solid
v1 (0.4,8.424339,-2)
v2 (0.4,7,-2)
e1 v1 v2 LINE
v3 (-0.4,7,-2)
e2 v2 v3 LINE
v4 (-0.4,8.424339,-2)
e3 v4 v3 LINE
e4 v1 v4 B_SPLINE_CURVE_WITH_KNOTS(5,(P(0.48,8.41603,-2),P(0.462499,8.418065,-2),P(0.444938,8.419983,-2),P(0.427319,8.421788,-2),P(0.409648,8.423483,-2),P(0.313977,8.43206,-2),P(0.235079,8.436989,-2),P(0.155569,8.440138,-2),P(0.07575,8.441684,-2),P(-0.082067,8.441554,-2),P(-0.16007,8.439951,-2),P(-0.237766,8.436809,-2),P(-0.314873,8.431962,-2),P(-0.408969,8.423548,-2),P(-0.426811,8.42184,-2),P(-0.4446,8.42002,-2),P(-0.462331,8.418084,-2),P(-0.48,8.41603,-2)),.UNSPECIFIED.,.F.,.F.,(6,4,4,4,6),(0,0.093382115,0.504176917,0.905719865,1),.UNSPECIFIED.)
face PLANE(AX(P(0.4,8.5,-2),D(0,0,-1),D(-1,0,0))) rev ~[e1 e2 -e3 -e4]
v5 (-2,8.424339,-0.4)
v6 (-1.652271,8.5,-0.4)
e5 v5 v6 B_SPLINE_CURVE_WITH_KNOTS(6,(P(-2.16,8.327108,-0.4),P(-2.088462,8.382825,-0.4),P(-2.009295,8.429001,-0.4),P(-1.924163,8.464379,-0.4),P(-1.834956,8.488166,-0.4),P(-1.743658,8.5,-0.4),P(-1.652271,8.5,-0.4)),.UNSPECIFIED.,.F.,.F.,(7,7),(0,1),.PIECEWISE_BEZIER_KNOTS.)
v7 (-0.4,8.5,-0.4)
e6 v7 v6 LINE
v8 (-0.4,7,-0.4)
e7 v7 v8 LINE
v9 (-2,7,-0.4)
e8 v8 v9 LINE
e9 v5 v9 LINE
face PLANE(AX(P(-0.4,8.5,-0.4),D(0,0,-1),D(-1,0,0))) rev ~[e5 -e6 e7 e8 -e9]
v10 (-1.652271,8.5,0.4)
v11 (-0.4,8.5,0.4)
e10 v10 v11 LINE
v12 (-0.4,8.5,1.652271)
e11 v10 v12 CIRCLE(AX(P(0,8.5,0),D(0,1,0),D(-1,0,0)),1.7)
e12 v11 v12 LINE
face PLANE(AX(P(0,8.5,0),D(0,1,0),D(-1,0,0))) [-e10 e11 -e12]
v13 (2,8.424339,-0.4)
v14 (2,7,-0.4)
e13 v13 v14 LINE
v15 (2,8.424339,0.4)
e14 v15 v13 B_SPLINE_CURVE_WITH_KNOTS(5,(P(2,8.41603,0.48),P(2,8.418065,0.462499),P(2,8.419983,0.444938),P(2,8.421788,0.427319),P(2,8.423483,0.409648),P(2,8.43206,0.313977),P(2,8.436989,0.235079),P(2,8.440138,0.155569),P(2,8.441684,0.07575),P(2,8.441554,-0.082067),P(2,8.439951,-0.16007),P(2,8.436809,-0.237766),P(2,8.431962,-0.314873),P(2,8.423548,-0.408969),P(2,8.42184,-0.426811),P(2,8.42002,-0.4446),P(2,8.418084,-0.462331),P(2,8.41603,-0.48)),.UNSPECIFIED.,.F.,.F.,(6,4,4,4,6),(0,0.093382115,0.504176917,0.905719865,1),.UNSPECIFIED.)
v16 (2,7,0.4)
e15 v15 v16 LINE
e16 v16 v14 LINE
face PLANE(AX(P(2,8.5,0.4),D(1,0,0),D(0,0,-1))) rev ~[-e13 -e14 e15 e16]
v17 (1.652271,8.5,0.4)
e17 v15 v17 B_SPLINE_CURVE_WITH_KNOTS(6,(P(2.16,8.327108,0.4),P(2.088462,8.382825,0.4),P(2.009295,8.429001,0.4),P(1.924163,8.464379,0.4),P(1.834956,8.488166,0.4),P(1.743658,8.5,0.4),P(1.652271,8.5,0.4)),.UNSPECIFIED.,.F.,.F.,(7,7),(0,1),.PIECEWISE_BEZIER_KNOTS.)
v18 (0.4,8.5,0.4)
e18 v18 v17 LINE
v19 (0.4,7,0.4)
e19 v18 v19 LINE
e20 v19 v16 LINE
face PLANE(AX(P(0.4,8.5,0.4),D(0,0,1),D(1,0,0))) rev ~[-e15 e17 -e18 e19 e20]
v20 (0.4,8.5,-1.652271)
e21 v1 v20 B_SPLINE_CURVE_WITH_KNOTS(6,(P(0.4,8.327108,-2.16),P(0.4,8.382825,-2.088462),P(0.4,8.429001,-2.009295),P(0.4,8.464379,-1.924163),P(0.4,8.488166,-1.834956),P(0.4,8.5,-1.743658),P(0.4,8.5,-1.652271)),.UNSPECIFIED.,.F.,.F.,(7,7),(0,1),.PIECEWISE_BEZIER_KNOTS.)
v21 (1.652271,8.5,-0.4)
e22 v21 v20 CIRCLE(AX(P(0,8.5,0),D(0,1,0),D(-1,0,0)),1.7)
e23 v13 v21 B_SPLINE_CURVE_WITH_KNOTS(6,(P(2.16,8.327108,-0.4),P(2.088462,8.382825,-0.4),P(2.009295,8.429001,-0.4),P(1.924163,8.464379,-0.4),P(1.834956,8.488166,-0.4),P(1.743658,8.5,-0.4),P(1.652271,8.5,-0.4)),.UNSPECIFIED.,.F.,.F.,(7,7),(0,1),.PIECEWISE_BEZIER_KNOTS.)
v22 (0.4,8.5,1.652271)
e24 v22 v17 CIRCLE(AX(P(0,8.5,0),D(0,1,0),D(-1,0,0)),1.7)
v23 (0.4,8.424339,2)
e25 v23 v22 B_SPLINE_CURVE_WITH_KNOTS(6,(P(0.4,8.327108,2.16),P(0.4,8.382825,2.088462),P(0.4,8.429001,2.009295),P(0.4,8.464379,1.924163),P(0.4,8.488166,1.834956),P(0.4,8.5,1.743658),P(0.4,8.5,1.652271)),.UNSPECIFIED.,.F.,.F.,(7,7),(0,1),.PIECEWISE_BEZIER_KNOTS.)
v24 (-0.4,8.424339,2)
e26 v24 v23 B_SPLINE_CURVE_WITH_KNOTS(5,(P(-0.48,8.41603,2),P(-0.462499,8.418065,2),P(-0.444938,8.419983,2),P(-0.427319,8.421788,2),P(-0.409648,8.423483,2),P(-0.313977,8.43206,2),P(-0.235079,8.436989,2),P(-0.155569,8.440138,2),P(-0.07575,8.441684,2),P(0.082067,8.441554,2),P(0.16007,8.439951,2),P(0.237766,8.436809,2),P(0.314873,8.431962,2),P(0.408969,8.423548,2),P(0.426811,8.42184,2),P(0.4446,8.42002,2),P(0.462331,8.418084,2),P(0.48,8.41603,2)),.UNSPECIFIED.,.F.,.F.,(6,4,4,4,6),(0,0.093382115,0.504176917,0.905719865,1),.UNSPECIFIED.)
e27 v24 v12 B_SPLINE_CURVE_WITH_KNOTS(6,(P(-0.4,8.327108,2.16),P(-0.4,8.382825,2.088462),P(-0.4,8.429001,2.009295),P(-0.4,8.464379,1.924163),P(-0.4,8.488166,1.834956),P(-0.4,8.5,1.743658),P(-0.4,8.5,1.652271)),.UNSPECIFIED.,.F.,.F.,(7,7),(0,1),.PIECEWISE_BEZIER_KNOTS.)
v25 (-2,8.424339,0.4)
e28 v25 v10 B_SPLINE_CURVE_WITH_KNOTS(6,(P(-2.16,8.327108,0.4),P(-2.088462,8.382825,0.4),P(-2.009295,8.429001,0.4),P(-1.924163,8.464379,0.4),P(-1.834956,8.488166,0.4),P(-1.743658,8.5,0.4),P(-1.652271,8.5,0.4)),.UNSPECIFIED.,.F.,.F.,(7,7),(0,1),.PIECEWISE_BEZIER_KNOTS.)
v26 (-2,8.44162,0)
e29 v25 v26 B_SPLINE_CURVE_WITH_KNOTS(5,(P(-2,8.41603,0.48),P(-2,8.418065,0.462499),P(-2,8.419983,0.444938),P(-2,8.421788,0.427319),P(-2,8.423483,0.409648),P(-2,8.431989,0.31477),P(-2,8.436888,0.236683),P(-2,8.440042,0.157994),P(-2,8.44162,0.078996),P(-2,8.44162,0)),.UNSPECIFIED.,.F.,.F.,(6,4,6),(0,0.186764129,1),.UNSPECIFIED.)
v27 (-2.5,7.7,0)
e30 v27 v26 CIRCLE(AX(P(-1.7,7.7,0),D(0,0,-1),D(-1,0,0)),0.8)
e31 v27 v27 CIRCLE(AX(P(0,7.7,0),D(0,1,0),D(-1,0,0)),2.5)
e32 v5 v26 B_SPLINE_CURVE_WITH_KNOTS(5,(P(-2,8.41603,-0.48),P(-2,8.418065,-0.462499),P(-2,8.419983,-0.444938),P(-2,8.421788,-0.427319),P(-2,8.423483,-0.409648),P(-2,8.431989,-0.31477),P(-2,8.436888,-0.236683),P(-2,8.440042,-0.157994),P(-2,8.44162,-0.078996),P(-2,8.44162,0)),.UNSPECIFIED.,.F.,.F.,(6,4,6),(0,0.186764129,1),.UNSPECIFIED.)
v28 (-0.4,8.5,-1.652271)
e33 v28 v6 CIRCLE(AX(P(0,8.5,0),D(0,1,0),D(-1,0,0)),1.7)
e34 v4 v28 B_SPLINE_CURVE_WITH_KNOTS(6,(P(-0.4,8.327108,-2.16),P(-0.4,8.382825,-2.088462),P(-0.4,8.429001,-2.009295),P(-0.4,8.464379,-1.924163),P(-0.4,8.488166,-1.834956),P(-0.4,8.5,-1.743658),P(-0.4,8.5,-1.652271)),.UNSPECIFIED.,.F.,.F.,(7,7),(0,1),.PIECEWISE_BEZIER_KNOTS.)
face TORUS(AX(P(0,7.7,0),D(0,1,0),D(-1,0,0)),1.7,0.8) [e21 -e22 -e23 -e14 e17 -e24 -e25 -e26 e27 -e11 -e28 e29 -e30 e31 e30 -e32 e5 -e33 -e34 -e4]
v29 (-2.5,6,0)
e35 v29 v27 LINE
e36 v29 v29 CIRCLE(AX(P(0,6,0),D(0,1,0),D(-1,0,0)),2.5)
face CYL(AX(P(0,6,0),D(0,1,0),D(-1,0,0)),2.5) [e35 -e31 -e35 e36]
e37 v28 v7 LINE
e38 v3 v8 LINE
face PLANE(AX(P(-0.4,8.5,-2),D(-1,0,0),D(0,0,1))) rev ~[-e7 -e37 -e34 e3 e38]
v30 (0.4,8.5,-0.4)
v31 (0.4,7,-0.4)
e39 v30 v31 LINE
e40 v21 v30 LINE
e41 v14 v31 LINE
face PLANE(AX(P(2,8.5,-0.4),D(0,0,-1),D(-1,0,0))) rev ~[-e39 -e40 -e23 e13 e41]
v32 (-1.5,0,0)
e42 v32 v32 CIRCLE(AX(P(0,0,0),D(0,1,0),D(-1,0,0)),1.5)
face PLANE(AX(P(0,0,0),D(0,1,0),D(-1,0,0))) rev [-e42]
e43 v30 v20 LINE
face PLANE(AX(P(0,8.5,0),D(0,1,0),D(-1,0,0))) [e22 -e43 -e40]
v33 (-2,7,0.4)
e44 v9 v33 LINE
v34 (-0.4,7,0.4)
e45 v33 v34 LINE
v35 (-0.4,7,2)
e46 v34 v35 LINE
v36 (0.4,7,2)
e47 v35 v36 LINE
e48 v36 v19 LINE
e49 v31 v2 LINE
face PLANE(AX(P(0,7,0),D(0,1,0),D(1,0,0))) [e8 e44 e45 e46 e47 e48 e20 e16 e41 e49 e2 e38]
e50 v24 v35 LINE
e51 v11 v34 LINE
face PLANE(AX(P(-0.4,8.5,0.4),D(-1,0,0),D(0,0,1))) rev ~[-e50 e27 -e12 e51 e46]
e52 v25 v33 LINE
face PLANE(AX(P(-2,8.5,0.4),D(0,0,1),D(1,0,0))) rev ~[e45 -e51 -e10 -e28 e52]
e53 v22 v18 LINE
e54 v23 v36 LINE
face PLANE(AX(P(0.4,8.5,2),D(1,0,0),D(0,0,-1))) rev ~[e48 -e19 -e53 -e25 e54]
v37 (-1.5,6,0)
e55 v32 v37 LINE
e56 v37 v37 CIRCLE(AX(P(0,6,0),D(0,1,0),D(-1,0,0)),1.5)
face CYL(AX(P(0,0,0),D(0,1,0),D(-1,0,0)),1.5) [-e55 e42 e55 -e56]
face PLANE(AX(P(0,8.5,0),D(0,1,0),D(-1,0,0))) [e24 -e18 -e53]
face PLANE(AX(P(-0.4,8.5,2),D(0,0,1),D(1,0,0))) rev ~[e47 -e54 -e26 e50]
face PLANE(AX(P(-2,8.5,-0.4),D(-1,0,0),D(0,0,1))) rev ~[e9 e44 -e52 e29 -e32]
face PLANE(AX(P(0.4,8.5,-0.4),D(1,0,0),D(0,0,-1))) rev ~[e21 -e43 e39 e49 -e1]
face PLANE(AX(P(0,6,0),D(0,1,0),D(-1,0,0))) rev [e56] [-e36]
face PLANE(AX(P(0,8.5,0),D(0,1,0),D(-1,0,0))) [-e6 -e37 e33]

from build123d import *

# Parameters (mm, degrees)
REDONDEO1_R           = 0.8
CORTAR_EXTRUIR1_DEPTH = 1.5


with BuildPart() as part:
    # Croquis1 → Revolución1 (revolve)
    with BuildSketch(Plane.XY):
        Polygon((0, 0), (-1.5, 0), (-1.5, 6), (-2.5, 6), (-2.5, 8.5), (0, 8.5), align=None)
    revolve(axis=Axis((0, 0, 0), (0, 1, 0)))

    # Redondeo1
    redondeo1_edges = [part.edges().sort_by_distance(p)[0] for p in [
        (2.5, 8.5, 0),
    ]]
    fillet(redondeo1_edges, radius=REDONDEO1_R)

    # Croquis2 → Cortar-Extruir1 (cut)
    with BuildSketch(Plane(origin=(0, 8.5, 0), x_dir=(1, 0, 0), z_dir=(0, 1, 0))):
        Polygon((0.4, -2), (0.4, -0.4), (2, -0.4), (2, 0.4), (0.4, 0.4), (0.4, 2), (-0.4, 2), (-0.4, 0.4), (-2, 0.4), (-2, -0.4), (-0.4, -0.4), (-0.4, -2), align=None)
    extrude(amount=-CORTAR_EXTRUIR1_DEPTH, mode=Mode.SUBTRACT)


solid = part.part
